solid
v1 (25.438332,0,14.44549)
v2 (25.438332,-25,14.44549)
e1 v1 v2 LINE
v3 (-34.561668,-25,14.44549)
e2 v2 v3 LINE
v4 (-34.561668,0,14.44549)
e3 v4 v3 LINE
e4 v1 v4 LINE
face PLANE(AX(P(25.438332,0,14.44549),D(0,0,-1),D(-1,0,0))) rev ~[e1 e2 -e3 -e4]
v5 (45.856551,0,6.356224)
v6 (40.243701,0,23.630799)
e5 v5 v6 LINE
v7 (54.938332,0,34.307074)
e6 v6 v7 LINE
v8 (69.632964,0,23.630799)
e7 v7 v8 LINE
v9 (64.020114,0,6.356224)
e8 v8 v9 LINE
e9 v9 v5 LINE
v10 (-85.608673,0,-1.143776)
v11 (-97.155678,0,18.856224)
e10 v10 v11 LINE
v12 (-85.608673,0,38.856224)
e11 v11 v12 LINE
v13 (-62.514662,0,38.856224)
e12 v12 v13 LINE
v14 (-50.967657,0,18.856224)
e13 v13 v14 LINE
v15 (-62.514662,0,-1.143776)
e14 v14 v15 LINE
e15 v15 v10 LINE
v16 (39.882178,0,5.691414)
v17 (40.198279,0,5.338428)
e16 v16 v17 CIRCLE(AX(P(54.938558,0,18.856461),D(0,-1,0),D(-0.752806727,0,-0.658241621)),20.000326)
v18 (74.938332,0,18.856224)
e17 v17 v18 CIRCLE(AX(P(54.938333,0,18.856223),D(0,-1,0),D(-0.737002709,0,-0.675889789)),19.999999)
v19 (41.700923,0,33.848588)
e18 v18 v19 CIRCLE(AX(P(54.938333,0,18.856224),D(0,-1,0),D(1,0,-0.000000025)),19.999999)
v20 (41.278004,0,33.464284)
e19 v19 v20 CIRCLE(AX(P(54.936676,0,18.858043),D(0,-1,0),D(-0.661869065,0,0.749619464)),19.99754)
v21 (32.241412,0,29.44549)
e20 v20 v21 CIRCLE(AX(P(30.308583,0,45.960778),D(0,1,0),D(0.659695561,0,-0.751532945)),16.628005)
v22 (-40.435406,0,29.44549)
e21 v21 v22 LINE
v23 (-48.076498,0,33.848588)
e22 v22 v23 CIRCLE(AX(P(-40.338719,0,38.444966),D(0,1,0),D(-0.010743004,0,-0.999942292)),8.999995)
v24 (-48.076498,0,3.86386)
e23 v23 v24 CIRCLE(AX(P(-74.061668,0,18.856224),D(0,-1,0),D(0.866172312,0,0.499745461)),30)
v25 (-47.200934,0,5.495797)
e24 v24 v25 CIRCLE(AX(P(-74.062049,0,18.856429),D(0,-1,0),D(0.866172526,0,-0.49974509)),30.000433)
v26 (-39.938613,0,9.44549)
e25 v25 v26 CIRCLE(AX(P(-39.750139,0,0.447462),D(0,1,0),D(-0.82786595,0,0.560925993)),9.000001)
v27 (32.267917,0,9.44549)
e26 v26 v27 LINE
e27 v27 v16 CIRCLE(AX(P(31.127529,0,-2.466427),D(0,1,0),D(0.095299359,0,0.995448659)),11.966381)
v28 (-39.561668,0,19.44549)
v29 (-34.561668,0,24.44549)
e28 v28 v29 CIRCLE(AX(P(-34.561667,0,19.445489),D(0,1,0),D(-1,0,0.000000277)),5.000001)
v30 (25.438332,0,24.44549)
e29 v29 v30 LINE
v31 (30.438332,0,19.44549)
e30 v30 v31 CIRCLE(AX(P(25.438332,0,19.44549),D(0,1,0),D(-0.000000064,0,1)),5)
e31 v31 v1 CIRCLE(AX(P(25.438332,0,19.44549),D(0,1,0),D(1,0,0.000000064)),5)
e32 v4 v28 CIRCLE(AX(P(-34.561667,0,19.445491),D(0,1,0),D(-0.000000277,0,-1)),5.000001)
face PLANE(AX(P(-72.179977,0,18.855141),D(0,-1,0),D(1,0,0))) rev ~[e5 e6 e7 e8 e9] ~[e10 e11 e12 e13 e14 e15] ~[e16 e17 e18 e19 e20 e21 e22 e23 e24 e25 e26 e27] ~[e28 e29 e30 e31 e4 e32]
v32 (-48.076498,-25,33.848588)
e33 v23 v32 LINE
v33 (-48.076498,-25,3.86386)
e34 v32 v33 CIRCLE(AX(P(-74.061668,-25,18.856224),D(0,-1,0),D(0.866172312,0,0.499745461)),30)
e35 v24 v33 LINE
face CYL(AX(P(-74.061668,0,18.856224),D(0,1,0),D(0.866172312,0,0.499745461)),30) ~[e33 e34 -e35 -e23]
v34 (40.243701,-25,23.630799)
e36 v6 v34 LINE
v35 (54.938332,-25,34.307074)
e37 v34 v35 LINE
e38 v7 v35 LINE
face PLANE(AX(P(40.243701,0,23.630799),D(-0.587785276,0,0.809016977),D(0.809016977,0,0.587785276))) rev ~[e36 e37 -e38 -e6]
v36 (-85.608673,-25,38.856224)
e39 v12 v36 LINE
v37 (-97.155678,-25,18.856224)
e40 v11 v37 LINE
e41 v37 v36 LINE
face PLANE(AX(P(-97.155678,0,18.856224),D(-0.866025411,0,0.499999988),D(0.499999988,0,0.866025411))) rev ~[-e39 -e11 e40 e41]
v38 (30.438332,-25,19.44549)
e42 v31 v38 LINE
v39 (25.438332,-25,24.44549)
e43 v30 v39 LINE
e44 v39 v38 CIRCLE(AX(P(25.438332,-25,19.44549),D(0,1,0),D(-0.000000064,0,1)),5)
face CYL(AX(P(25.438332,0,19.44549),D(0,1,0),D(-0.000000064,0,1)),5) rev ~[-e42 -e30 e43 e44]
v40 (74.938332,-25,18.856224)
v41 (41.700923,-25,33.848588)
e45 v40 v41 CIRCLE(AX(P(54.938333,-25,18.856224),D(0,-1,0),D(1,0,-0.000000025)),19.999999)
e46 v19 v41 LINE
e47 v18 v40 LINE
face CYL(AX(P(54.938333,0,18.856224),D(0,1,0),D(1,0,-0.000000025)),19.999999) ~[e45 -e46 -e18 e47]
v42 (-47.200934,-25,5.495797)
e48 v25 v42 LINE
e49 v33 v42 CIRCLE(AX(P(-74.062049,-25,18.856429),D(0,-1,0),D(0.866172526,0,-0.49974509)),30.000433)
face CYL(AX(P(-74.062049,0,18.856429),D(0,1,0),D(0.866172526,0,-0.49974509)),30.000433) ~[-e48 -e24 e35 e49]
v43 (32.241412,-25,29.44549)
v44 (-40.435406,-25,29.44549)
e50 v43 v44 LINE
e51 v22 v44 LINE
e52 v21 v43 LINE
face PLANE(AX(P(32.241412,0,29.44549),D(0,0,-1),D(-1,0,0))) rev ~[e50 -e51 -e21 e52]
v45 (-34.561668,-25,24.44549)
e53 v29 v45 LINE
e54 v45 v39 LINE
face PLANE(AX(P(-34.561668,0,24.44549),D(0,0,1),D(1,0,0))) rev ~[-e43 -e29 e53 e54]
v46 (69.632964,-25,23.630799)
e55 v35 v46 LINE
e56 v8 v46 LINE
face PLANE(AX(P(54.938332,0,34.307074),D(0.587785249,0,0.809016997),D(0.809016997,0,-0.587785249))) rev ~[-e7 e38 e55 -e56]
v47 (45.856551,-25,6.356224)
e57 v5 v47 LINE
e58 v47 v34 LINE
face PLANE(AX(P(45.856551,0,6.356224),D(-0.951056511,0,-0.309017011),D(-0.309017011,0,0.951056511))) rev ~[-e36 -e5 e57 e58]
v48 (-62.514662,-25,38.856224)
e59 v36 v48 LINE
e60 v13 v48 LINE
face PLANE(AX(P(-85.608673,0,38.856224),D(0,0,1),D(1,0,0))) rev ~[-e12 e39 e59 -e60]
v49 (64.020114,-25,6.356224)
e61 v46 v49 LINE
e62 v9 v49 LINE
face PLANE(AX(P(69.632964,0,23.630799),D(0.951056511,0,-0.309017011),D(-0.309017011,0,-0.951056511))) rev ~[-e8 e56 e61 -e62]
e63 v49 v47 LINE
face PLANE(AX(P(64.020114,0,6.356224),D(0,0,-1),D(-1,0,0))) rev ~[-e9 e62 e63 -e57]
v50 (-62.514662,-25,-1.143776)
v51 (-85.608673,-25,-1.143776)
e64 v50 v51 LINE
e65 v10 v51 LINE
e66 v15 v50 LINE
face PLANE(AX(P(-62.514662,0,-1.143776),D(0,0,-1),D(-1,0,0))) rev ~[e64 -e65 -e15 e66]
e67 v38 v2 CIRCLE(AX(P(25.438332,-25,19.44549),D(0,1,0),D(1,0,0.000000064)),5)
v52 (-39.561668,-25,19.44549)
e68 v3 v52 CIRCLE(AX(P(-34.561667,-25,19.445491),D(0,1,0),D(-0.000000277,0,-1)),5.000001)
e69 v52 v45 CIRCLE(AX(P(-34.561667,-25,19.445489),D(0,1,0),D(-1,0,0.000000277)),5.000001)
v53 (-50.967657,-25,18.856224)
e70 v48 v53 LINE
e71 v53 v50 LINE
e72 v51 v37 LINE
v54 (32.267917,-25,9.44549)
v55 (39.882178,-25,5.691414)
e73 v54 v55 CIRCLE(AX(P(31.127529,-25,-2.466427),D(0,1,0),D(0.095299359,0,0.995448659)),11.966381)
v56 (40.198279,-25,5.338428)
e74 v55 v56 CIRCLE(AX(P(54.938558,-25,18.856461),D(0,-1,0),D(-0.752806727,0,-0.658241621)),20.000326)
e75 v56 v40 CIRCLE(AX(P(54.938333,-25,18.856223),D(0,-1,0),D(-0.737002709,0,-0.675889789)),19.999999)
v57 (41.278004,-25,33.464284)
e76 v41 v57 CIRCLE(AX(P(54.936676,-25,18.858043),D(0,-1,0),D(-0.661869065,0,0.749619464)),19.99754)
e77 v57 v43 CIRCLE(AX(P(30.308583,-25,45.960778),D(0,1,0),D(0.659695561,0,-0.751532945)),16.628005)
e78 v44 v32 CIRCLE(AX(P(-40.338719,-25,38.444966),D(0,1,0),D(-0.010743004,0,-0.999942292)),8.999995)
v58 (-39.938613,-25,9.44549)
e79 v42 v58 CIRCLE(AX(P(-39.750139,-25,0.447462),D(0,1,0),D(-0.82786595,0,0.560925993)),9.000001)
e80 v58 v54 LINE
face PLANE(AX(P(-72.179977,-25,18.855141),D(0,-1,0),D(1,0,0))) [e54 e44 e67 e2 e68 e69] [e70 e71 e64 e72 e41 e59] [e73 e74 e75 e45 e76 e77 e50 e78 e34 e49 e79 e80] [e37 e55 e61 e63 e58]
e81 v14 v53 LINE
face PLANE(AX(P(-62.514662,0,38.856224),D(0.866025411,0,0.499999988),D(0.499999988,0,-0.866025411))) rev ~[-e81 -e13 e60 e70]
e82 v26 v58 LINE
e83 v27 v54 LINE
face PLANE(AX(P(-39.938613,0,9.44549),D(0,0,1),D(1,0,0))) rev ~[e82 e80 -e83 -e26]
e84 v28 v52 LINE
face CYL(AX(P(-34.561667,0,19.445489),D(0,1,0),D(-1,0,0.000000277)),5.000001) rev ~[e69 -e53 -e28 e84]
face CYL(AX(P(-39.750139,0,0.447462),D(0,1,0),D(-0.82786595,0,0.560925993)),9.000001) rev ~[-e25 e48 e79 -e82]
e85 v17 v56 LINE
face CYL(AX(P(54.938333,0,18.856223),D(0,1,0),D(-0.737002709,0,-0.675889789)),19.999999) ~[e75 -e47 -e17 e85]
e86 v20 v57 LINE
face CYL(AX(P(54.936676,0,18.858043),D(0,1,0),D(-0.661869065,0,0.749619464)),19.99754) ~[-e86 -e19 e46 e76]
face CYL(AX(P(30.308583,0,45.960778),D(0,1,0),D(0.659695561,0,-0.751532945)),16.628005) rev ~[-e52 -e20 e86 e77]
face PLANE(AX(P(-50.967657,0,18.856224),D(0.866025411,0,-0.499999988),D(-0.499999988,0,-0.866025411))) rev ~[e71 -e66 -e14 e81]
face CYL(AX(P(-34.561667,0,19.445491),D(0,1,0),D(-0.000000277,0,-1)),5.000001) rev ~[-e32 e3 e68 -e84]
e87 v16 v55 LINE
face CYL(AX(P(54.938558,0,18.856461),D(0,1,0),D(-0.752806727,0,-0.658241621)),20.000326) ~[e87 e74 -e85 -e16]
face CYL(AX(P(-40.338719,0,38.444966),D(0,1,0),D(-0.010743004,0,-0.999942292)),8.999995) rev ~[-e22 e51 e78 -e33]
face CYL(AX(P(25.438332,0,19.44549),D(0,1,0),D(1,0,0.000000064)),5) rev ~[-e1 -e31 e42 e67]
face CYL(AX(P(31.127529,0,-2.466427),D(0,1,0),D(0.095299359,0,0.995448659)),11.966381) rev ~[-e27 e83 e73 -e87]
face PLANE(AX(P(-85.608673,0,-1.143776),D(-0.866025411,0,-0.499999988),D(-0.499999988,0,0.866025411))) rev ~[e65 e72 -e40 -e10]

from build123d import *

# Parameters (mm, degrees)
F1_DEPTH = 25


with BuildPart() as f1:
    # F0 (on Front) → F1 (new body)
    with BuildSketch(Plane.XZ):
        with BuildLine():
            ThreePointArc((-47.200934, 5.495797), (-44.857028, 11.994081), (-44.061668, 18.856224))
            ThreePointArc((-44.061668, 18.856224), (-45.082752, 26.616537), (-48.076498, 33.848588))
            ThreePointArc((-48.076498, 33.848588), (-104.061668, 18.856224), (-48.076498, 3.86386))
            ThreePointArc((-48.076498, 3.86386), (-47.680805, 4.70241), (-47.200934, 5.495797))
        make_face()
        Polygon((-50.967657, 18.856224), (-62.514662, -1.143776), (-85.608673, -1.143776), (-97.155678, 18.856224), (-85.608673, 38.856224), (-62.514662, 38.856224), align=None, mode=Mode.SUBTRACT)
        with BuildLine():
            ThreePointArc((-48.076498, 33.848588), (-45.082752, 26.616537), (-44.061668, 18.856224))
            ThreePointArc((-44.061668, 18.856224), (-44.857028, 11.994081), (-47.200934, 5.495797))
            ThreePointArc((-47.200934, 5.495797), (-44.050096, 8.353814), (-39.938613, 9.44549))
            ThreePointArc((-39.938613, 9.44549), (-39.75014, 9.447464), (-39.561668, 9.44549))
            Line((-39.561668, 9.44549), (32.267917, 9.44549))
            ThreePointArc((32.267917, 9.44549), (36.419146, 8.266375), (39.882178, 5.691414))
            ThreePointArc((39.882178, 5.691414), (34.963544, 19.860129), (41.278004, 33.464284))
            ThreePointArc((41.278004, 33.464284), (37.065408, 30.767494), (32.241412, 29.44549))
            Line((32.241412, 29.44549), (-40.242027, 29.44549))
            ThreePointArc((-40.242027, 29.44549), (-40.338717, 29.444971), (-40.435406, 29.44549))
            ThreePointArc((-40.435406, 29.44549), (-44.832218, 30.646993), (-48.076498, 33.848588))
        make_face()
        with BuildLine():
            Line((25.438332, 14.44549), (-34.561668, 14.44549))
            ThreePointArc((-34.561668, 14.44549), (-38.097201, 15.909956), (-39.561668, 19.44549))
            ThreePointArc((-39.561668, 19.44549), (-38.097201, 22.981024), (-34.561668, 24.44549))
            Line((-34.561668, 24.44549), (25.438332, 24.44549))
            ThreePointArc((25.438332, 24.44549), (28.973866, 22.981024), (30.438332, 19.44549))
            ThreePointArc((30.438332, 19.44549), (28.973866, 15.909956), (25.438332, 14.44549))
        make_face(mode=Mode.SUBTRACT)
        with BuildLine():
            ThreePointArc((-48.076498, 3.86386), (-47.62612, 4.673071), (-47.200934, 5.495797))
            ThreePointArc((-47.200934, 5.495797), (-47.680805, 4.70241), (-48.076498, 3.86386))
        make_face()
        with BuildLine():
            Line((-40.242027, 29.44549), (-40.435406, 29.44549))
            ThreePointArc((-40.435406, 29.44549), (-40.338717, 29.444971), (-40.242027, 29.44549))
        make_face()
        with BuildLine():
            ThreePointArc((-39.561668, 9.44549), (-39.75014, 9.447464), (-39.938613, 9.44549))
            Line((-39.938613, 9.44549), (-39.561668, 9.44549))
        make_face()
        with BuildLine():
            ThreePointArc((41.700923, 33.848588), (41.491114, 33.654619), (41.278004, 33.464284))
            ThreePointArc((41.278004, 33.464284), (34.963544, 19.860129), (39.882178, 5.691414))
            ThreePointArc((39.882178, 5.691414), (40.041976, 5.516486), (40.198279, 5.338428))
            ThreePointArc((40.198279, 5.338428), (62.190881, 0.21754), (74.938332, 18.856224))
            ThreePointArc((74.938332, 18.856224), (63.161829, 37.087354), (41.700923, 33.848588))
        make_face()
        Polygon((69.632964, 23.630799), (64.020114, 6.356224), (45.856551, 6.356224), (40.243701, 23.630799), (54.938332, 34.307074), align=None, mode=Mode.SUBTRACT)
        with BuildLine():
            ThreePointArc((41.700923, 33.848588), (41.488091, 33.657947), (41.278004, 33.464284))
            ThreePointArc((41.278004, 33.464284), (41.491114, 33.654619), (41.700923, 33.848588))
        make_face()
        with BuildLine():
            ThreePointArc((40.198279, 5.338428), (40.041976, 5.516486), (39.882178, 5.691414))
            ThreePointArc((39.882178, 5.691414), (40.039183, 5.513985), (40.198279, 5.338428))
        make_face()
    extrude(amount=F1_DEPTH)


solid = f1.part
